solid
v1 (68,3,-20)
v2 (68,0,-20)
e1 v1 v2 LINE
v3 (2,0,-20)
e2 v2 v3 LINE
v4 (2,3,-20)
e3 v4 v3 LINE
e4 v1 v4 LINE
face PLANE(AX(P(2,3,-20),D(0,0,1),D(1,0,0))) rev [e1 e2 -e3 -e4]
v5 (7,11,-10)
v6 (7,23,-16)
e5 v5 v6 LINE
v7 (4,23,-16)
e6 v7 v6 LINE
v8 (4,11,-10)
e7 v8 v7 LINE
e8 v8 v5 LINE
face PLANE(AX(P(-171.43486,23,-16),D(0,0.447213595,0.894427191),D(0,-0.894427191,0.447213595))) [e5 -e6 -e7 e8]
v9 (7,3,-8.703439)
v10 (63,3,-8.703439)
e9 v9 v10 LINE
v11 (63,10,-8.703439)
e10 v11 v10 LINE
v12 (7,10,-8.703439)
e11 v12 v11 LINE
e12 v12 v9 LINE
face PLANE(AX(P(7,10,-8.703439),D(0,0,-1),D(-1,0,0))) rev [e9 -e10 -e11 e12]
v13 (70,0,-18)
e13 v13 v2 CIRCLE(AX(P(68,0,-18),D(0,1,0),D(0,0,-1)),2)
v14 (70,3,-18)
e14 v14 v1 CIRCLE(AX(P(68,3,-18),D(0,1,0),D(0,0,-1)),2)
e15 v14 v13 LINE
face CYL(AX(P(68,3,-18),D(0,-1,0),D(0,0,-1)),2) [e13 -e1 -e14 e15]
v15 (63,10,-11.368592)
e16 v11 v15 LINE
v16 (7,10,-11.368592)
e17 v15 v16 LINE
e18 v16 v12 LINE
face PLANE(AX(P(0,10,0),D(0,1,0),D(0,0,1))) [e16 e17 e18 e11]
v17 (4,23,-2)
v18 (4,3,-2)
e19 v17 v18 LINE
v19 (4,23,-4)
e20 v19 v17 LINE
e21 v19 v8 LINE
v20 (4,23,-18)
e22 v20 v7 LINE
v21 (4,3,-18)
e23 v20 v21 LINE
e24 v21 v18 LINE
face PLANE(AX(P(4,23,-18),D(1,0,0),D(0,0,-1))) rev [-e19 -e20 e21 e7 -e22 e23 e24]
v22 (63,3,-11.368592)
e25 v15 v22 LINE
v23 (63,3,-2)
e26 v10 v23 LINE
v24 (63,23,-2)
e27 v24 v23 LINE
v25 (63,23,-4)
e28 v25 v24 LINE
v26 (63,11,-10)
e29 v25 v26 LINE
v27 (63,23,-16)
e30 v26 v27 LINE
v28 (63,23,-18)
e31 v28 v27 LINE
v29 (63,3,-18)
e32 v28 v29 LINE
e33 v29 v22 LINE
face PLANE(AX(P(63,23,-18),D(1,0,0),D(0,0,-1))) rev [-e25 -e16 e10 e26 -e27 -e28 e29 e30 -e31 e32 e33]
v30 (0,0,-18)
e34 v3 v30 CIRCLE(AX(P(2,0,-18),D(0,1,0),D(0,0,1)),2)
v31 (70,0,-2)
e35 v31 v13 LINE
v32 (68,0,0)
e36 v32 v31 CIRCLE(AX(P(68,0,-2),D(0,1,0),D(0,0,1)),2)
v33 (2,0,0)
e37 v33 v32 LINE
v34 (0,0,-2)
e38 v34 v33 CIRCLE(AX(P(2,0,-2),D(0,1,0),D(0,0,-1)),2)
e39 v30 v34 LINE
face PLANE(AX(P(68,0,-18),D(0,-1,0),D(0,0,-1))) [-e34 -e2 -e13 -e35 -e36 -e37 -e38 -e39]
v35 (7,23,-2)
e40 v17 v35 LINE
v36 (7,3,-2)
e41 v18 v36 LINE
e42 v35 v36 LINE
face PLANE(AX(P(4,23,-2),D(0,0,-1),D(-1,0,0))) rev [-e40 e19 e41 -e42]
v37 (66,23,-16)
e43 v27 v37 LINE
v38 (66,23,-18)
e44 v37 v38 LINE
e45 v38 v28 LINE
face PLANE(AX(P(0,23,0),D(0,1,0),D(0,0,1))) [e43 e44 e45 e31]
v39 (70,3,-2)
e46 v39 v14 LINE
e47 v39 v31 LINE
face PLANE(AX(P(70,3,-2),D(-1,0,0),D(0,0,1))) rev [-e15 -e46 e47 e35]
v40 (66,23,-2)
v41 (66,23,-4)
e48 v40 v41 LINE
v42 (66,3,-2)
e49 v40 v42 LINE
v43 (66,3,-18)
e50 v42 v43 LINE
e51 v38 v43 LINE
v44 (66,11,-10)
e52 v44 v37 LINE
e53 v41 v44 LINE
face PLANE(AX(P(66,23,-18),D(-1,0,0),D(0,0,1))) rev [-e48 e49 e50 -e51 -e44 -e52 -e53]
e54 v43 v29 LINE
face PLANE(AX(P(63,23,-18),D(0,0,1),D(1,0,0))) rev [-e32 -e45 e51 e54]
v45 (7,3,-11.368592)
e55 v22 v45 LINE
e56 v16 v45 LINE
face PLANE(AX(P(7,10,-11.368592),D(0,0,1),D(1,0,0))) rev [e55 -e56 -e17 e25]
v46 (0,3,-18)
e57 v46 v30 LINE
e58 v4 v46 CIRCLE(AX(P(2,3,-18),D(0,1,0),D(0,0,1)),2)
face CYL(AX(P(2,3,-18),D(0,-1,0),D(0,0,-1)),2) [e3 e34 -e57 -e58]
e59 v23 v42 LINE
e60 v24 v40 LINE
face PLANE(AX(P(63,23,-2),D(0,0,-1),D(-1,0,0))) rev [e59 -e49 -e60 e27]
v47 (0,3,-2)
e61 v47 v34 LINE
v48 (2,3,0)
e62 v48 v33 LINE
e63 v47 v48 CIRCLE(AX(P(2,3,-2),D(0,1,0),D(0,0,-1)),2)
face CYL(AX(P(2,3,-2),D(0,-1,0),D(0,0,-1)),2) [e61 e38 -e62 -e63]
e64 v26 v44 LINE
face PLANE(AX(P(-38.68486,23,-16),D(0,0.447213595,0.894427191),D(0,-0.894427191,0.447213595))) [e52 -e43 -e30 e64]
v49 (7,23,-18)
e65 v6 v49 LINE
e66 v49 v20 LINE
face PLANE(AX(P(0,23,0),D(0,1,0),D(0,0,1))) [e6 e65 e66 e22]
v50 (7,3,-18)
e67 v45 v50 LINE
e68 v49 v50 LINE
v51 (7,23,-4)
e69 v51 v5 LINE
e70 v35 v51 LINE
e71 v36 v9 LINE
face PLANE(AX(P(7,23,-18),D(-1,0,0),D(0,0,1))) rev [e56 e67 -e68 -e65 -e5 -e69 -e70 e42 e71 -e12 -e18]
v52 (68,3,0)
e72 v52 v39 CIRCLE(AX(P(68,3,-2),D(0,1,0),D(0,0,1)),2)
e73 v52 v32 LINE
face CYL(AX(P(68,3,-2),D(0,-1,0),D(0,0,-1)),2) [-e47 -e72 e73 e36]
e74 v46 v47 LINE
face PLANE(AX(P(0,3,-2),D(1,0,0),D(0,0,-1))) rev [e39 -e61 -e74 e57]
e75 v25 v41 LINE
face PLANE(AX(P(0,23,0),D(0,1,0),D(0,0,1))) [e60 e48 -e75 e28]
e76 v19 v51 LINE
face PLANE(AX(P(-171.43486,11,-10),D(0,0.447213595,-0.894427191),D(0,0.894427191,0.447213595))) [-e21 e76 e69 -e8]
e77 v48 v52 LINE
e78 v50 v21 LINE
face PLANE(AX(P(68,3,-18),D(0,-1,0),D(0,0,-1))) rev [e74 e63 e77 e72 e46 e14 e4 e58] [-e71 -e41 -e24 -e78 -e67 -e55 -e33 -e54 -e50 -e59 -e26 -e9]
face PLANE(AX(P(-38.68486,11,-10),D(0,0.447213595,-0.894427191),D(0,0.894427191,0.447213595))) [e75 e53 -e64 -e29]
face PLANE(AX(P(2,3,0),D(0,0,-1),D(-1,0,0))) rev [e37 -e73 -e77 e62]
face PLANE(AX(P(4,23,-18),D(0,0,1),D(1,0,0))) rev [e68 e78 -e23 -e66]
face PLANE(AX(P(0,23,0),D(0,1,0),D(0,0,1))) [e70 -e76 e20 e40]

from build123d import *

# Parameters (mm, degrees)
EXTRUDE_451_DEPTH           = 3
SKETCH_505_W                = 3
SKETCH_505_H                = 16
EXTRUDE_763_DEPTH           = 20
CUT_EXTRUDE_1013_DEPTH      = 5
CUT_EXTRUDE_1013_DEPTH_BACK = 3
SKETCH_8_W                  = 3
SKETCH_8_H                  = 16
EXTRUDE_1404_DEPTH          = 20
CUT_EXTRUDE_1670_DEPTH      = 64
CUT_EXTRUDE_1670_DEPTH_BACK = 3
SKETCH_11_W                 = 56
SKETCH_11_H                 = 2.665153407
EXTRUDE_1980_DEPTH          = 7


with BuildPart() as part:
    # Sketch 219 → Extrude 451 (new body)
    with BuildSketch(Plane(origin=(0, 0, 0), x_dir=(1, 0, 0), z_dir=(0, 1, 0))):
        with BuildLine():
            Line((2, 0), (68, 0))
            ThreePointArc((68, 0), (69.414213562, 0.585786438), (70, 2))
            Line((70, 2), (70, 18))
            ThreePointArc((70, 18), (69.414213562, 19.414213562), (68, 20))
            Line((68, 20), (2, 20))
            ThreePointArc((2, 20), (0.585786438, 19.414213562), (0, 18))
            Line((0, 18), (0, 2))
            ThreePointArc((0, 2), (0.585786438, 0.585786438), (2, 0))
        make_face()
    extrude(amount=EXTRUDE_451_DEPTH)

    # Sketch 505 → Extrude 763 (add)
    with BuildSketch(Plane(origin=(0, 3, 0), x_dir=(1, 0, 0), z_dir=(0, 1, 0))):
        with Locations((5.5, 10)):
            Rectangle(SKETCH_505_W, SKETCH_505_H)
    extrude(amount=EXTRUDE_763_DEPTH)

    # Sketch 818 → Cut-Extrude 1013 (cut, two sides)
    with BuildSketch(Plane.ZY.offset(-4)) as cut_extrude_1013_sk:
        Polygon((-45.532064127, 82.064128255), (-16, 23), (-10, 11), (-4, 23), (25.532064127, 82.064128255), (25.532064127, 214.135534064), (-45.532064127, 214.135534064), align=None)
    extrude(amount=CUT_EXTRUDE_1013_DEPTH, mode=Mode.SUBTRACT)
    extrude(cut_extrude_1013_sk.sketch, amount=-CUT_EXTRUDE_1013_DEPTH_BACK, mode=Mode.SUBTRACT)

    # Эскиз8 → Extrude 1404 (add)
    with BuildSketch(Plane(origin=(31.408501121, 3, 2.625790974), x_dir=(1, 0, 0), z_dir=(0, 1, 0))):
        with Locations((33.091498879, 12.625790974)):
            Rectangle(SKETCH_8_W, SKETCH_8_H)
    extrude(amount=EXTRUDE_1404_DEPTH)

    # Эскиз10 → Cut-Extrude 1670 (cut, two sides)
    with BuildSketch(Plane(origin=(63, 0, 2.625790974), x_dir=(0, 0, 1), z_dir=(-1, 0, 0))) as cut_extrude_1670_sk:
        Polygon((-48.157855101, 82.064128255), (-18.625790974, 23), (-12.625790974, 11), (-6.625790974, 23), (22.906273154, 82.064128255), (22.906273154, 214.135534064), (-48.157855101, 214.135534064), align=None)
    extrude(amount=CUT_EXTRUDE_1670_DEPTH, mode=Mode.SUBTRACT)
    extrude(cut_extrude_1670_sk.sketch, amount=-CUT_EXTRUDE_1670_DEPTH_BACK, mode=Mode.SUBTRACT)

    # Эскиз11 → Extrude 1980 (add)
    with BuildSketch(Plane(origin=(0, 3, 0), x_dir=(1, 0, 0), z_dir=(0, 1, 0))):
        with Locations((35, 10.036015586)):
            Rectangle(SKETCH_11_W, SKETCH_11_H)
    extrude(amount=EXTRUDE_1980_DEPTH)


solid = part.part
